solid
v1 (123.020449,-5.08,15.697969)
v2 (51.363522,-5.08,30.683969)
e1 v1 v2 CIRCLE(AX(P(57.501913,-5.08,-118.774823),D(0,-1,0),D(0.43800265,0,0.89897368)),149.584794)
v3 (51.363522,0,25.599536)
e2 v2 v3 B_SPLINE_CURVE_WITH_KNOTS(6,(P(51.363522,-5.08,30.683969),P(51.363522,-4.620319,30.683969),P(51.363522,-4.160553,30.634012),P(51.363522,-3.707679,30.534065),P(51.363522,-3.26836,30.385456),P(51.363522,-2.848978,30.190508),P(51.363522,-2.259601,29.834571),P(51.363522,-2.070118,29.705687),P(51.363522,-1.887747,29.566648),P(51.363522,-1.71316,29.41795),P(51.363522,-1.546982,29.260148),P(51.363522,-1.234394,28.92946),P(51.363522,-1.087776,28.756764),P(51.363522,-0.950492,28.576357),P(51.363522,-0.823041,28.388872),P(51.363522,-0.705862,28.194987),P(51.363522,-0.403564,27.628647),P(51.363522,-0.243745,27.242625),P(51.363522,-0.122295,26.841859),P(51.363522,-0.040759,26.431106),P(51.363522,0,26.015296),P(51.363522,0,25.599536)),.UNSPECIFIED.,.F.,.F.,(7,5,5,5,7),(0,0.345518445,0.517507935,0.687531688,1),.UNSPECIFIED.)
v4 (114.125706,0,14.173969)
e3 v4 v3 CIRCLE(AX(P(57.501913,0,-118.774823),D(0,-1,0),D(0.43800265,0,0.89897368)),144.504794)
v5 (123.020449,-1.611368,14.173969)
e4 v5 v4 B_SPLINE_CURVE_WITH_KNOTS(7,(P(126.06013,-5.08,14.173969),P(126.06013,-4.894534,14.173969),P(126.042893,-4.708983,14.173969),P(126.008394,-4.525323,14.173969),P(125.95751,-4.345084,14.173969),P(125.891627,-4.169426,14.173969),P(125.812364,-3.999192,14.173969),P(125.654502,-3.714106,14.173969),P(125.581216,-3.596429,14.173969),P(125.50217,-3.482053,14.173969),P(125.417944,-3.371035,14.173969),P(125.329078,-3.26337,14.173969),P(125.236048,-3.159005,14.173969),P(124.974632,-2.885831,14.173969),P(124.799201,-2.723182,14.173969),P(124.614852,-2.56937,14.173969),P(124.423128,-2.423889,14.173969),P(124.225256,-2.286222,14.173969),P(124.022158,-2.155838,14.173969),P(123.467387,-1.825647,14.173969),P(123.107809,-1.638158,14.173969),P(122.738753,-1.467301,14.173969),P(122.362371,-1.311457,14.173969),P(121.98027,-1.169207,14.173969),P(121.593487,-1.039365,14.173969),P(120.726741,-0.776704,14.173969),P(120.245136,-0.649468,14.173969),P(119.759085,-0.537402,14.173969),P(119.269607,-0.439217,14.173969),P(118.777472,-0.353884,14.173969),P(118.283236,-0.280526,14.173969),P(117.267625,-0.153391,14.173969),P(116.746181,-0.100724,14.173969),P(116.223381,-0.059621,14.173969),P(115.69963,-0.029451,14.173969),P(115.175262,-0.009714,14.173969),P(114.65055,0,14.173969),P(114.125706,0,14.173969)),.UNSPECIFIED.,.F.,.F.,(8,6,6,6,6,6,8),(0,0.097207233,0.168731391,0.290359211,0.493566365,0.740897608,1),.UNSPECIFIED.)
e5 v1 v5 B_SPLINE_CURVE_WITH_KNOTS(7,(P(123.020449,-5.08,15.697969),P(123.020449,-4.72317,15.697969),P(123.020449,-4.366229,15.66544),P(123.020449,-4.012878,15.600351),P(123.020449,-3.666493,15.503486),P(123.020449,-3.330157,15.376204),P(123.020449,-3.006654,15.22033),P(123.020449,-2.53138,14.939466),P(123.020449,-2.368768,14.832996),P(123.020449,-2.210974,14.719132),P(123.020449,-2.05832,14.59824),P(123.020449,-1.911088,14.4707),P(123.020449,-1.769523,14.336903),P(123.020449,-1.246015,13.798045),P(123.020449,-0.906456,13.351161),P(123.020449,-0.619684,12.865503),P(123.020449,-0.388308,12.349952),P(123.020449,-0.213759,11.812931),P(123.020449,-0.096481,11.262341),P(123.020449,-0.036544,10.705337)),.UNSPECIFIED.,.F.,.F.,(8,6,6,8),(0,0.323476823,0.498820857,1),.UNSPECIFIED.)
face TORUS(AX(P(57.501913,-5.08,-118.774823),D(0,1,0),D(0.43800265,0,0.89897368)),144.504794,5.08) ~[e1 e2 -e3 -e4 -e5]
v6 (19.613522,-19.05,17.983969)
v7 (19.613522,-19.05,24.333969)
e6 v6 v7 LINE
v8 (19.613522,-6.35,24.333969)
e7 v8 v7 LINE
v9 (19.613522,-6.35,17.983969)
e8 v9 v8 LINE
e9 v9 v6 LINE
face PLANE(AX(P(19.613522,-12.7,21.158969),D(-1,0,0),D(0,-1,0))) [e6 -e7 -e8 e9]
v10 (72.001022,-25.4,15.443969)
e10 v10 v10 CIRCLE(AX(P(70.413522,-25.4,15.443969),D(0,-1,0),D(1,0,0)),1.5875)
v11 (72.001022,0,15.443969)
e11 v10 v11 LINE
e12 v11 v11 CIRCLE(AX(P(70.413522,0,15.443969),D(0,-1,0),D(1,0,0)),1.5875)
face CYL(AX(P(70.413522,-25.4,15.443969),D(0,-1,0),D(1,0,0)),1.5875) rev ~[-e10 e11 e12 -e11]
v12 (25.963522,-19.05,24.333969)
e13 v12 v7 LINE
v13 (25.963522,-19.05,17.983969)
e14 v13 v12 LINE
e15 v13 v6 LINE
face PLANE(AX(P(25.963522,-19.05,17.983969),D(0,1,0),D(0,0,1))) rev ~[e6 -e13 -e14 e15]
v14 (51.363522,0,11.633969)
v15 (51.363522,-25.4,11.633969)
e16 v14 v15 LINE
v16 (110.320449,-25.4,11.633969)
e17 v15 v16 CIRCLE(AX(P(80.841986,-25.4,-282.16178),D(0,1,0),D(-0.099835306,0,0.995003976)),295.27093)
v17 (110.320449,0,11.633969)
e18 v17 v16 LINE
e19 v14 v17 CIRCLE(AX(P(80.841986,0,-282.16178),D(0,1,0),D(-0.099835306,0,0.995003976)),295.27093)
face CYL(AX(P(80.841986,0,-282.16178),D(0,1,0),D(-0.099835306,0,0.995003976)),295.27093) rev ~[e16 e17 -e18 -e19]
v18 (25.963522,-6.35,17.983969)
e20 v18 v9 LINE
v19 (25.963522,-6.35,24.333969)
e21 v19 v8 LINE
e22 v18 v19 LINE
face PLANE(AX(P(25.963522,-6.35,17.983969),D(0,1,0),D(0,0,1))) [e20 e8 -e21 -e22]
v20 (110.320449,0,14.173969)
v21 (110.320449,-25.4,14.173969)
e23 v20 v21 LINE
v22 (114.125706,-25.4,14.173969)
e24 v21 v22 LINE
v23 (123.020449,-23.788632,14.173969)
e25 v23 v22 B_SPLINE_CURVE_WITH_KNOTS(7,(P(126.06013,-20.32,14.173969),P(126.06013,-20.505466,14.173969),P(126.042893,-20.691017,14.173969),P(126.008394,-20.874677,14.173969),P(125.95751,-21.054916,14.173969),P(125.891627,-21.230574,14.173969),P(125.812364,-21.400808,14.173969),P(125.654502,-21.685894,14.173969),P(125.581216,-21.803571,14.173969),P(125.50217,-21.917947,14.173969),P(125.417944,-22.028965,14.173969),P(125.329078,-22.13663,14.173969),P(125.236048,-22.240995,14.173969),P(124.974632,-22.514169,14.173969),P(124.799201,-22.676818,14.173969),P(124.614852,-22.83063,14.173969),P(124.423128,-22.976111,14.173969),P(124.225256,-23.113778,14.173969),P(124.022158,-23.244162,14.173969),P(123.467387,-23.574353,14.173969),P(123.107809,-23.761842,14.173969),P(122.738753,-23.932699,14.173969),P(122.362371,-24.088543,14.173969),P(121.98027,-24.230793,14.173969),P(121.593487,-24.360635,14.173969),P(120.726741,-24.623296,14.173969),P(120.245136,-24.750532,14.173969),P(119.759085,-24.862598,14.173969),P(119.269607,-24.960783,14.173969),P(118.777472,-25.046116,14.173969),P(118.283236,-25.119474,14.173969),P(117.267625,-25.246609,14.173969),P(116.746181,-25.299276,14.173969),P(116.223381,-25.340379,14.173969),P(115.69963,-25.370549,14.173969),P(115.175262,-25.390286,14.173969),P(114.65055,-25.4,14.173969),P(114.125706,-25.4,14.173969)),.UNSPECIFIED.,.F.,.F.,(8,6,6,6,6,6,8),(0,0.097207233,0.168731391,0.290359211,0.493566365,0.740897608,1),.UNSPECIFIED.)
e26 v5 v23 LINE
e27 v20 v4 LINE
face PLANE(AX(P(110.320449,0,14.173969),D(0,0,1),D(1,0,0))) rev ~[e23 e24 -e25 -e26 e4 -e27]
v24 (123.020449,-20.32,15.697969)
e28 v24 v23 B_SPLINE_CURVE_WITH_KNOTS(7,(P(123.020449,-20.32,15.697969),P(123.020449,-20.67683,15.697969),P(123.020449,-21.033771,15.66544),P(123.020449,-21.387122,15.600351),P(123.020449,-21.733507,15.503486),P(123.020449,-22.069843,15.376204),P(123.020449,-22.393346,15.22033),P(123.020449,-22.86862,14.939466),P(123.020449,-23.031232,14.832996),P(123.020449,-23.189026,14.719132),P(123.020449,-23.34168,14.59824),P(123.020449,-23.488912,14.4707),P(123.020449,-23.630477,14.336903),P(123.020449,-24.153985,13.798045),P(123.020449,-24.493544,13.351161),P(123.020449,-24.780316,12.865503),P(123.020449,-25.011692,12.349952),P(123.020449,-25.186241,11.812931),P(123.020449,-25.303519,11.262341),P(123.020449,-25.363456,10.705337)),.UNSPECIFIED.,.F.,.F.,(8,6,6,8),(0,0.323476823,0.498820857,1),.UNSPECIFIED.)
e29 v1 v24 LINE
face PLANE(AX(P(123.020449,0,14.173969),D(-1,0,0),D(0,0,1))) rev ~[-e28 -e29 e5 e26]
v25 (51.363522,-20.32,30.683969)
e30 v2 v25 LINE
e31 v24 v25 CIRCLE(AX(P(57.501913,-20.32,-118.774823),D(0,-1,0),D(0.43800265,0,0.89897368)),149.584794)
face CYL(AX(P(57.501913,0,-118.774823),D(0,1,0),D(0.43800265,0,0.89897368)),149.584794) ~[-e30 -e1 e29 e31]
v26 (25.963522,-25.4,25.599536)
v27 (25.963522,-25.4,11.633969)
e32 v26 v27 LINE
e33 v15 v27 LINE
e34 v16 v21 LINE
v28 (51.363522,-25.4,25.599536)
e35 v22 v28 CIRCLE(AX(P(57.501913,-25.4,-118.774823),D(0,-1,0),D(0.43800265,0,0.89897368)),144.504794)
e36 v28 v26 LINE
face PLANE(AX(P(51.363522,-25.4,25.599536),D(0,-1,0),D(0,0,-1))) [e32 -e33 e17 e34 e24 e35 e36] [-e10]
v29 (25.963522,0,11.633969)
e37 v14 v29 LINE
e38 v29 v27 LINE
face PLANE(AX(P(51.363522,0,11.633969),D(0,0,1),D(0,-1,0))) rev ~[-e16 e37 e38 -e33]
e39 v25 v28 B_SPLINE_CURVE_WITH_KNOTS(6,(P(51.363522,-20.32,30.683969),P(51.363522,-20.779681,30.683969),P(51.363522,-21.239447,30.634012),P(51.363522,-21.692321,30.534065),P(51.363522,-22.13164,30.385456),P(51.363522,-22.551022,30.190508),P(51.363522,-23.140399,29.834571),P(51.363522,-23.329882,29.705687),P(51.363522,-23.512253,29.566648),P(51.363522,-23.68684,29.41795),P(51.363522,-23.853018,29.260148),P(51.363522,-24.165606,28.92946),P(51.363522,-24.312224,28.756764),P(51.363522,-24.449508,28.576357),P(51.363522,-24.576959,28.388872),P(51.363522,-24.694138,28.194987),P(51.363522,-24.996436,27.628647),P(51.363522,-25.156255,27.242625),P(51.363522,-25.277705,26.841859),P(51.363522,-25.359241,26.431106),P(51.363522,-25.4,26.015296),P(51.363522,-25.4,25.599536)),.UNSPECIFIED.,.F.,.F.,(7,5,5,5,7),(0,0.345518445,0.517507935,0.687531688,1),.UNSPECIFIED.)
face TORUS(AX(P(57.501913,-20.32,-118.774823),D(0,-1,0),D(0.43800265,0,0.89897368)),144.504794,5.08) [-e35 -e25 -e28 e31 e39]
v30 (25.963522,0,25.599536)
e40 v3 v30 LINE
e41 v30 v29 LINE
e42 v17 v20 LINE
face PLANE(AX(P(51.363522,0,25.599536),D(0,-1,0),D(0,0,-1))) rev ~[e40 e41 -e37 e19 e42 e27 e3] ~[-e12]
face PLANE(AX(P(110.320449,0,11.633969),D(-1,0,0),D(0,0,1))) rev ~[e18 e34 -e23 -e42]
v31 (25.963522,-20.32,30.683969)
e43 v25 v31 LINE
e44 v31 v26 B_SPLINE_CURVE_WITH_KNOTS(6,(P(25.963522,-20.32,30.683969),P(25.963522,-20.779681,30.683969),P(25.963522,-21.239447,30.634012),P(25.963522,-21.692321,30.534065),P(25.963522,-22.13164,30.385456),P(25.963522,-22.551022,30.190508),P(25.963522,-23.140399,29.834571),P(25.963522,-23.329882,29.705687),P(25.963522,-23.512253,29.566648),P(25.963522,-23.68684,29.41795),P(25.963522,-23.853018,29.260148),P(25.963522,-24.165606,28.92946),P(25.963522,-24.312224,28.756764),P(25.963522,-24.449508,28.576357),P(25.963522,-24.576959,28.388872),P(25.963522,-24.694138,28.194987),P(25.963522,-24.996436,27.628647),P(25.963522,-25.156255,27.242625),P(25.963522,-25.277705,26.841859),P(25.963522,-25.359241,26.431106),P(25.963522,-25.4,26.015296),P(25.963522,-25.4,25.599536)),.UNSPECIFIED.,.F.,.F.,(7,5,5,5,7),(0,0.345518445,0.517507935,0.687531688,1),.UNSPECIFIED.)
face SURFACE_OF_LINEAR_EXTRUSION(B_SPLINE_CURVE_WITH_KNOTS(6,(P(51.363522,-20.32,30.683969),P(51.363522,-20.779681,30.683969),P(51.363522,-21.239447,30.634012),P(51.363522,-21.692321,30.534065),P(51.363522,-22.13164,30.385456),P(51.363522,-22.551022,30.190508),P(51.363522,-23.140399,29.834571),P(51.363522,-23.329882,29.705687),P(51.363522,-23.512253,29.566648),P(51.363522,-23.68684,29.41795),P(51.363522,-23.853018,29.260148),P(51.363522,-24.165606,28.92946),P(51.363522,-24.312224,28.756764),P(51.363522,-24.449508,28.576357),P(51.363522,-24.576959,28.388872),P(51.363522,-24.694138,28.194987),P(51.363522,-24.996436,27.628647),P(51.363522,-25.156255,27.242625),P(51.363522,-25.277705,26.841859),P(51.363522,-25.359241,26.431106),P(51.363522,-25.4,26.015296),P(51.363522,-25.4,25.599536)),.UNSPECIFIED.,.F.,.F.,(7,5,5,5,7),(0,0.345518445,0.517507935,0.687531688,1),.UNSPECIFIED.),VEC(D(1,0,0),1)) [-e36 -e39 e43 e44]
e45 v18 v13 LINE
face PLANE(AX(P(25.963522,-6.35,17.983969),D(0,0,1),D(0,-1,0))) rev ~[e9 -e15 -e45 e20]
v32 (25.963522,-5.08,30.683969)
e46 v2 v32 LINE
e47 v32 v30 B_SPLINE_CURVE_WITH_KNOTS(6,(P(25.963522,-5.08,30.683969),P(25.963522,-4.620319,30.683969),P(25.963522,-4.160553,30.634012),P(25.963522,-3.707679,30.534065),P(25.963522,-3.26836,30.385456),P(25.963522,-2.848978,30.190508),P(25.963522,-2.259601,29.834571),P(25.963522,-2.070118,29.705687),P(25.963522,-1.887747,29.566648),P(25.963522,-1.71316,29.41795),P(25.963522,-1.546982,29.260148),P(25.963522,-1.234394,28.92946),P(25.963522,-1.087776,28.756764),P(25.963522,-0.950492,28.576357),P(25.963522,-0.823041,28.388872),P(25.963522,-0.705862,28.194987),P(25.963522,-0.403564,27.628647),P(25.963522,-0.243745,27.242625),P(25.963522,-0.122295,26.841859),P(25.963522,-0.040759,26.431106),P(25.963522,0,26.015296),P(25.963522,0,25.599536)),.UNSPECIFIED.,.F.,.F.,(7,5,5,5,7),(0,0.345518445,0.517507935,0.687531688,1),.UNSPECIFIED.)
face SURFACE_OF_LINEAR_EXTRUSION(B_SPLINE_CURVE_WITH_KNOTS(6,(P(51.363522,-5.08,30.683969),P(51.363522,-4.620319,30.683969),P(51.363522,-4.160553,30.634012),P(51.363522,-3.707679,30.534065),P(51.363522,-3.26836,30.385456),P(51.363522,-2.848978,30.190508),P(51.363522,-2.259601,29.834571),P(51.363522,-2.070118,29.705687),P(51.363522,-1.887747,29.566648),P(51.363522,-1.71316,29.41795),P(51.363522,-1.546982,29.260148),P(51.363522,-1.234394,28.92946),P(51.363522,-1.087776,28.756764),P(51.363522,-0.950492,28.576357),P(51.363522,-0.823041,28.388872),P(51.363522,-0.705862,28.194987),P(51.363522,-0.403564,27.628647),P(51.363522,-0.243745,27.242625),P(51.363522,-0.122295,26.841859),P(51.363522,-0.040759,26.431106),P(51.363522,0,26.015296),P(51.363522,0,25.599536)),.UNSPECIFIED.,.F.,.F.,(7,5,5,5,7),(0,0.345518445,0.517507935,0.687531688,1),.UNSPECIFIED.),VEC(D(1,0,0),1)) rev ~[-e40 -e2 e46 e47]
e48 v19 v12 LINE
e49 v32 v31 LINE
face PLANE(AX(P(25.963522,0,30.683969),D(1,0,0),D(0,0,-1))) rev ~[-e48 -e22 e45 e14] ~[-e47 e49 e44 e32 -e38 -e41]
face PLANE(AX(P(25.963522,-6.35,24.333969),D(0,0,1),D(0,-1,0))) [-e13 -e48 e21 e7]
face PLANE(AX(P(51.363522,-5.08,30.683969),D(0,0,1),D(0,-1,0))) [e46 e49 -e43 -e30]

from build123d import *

# Parameters (mm, degrees)
F1_DEPTH = 12.7
F2_R     = 2.54
F3_DEPTH = 12.7
F4_SCALE = 2
F5_W     = 12.7
F5_H     = 6.35
F6_DEPTH = 6.35
F7_R     = 1.5875
F8_DEPTH = 25.4


with BuildPart() as f1:
    # F0 (on Front) → F1 (new body)
    with BuildSketch(Plane.XZ):
        with BuildLine():
            Line((61.5102246263, 7.086984636), (61.5102246263, 7.848984636))
            ThreePointArc((61.5102246263, 7.848984636), (44.0614550619, 13.8211347469), (25.6817610527, 15.341984636))
            Line((25.6817610527, 15.341984636), (25.6817610527, 5.816984636))
            ThreePointArc((25.6817610527, 5.816984636), (40.4209928395, 6.5545750011), (55.1602246263, 5.816984636))
            Line((55.1602246263, 5.816984636), (55.1602246263, 7.086984636))
            Line((55.1602246263, 7.086984636), (61.5102246263, 7.086984636))
        make_face()
    extrude(amount=F1_DEPTH)

    # F2
    f2_edges = [f1.edges().sort_by_distance(p)[0] for p in [
        (44.061455, -12.7, 13.821135),
        (44.061455, 0, 13.821135),
    ]]
    fillet(f2_edges, radius=F2_R)

    # F3 (add): a face of the model
    f3_faces = [f1.faces().sort_by_distance(p)[0] for p in [
        (25.6817610527, -6.35, 10.4811297922),
    ]]
    extrude(f3_faces, amount=F3_DEPTH)


with BuildPart() as f1_1:
    # F4: moved
    add(f1.part.scale(F4_SCALE))

    # F5 (on face) → F6 (join)
    with BuildSketch(Plane(origin=(25.9635221053, 0, 0), x_dir=(0, -1, 0), z_dir=(-1, 0, 0))):
        with Locations((12.7, 21.1589692719)):
            Rectangle(F5_W, F5_H)
    extrude(amount=F6_DEPTH)

    # F7 (on face) → F8 (cut)
    with BuildSketch(Plane.XZ.offset(25.4)):
        with Locations((70.4135221053, 15.4439692719)):
            Circle(F7_R)
    extrude(amount=-F8_DEPTH, mode=Mode.SUBTRACT)


solid = f1_1.part
